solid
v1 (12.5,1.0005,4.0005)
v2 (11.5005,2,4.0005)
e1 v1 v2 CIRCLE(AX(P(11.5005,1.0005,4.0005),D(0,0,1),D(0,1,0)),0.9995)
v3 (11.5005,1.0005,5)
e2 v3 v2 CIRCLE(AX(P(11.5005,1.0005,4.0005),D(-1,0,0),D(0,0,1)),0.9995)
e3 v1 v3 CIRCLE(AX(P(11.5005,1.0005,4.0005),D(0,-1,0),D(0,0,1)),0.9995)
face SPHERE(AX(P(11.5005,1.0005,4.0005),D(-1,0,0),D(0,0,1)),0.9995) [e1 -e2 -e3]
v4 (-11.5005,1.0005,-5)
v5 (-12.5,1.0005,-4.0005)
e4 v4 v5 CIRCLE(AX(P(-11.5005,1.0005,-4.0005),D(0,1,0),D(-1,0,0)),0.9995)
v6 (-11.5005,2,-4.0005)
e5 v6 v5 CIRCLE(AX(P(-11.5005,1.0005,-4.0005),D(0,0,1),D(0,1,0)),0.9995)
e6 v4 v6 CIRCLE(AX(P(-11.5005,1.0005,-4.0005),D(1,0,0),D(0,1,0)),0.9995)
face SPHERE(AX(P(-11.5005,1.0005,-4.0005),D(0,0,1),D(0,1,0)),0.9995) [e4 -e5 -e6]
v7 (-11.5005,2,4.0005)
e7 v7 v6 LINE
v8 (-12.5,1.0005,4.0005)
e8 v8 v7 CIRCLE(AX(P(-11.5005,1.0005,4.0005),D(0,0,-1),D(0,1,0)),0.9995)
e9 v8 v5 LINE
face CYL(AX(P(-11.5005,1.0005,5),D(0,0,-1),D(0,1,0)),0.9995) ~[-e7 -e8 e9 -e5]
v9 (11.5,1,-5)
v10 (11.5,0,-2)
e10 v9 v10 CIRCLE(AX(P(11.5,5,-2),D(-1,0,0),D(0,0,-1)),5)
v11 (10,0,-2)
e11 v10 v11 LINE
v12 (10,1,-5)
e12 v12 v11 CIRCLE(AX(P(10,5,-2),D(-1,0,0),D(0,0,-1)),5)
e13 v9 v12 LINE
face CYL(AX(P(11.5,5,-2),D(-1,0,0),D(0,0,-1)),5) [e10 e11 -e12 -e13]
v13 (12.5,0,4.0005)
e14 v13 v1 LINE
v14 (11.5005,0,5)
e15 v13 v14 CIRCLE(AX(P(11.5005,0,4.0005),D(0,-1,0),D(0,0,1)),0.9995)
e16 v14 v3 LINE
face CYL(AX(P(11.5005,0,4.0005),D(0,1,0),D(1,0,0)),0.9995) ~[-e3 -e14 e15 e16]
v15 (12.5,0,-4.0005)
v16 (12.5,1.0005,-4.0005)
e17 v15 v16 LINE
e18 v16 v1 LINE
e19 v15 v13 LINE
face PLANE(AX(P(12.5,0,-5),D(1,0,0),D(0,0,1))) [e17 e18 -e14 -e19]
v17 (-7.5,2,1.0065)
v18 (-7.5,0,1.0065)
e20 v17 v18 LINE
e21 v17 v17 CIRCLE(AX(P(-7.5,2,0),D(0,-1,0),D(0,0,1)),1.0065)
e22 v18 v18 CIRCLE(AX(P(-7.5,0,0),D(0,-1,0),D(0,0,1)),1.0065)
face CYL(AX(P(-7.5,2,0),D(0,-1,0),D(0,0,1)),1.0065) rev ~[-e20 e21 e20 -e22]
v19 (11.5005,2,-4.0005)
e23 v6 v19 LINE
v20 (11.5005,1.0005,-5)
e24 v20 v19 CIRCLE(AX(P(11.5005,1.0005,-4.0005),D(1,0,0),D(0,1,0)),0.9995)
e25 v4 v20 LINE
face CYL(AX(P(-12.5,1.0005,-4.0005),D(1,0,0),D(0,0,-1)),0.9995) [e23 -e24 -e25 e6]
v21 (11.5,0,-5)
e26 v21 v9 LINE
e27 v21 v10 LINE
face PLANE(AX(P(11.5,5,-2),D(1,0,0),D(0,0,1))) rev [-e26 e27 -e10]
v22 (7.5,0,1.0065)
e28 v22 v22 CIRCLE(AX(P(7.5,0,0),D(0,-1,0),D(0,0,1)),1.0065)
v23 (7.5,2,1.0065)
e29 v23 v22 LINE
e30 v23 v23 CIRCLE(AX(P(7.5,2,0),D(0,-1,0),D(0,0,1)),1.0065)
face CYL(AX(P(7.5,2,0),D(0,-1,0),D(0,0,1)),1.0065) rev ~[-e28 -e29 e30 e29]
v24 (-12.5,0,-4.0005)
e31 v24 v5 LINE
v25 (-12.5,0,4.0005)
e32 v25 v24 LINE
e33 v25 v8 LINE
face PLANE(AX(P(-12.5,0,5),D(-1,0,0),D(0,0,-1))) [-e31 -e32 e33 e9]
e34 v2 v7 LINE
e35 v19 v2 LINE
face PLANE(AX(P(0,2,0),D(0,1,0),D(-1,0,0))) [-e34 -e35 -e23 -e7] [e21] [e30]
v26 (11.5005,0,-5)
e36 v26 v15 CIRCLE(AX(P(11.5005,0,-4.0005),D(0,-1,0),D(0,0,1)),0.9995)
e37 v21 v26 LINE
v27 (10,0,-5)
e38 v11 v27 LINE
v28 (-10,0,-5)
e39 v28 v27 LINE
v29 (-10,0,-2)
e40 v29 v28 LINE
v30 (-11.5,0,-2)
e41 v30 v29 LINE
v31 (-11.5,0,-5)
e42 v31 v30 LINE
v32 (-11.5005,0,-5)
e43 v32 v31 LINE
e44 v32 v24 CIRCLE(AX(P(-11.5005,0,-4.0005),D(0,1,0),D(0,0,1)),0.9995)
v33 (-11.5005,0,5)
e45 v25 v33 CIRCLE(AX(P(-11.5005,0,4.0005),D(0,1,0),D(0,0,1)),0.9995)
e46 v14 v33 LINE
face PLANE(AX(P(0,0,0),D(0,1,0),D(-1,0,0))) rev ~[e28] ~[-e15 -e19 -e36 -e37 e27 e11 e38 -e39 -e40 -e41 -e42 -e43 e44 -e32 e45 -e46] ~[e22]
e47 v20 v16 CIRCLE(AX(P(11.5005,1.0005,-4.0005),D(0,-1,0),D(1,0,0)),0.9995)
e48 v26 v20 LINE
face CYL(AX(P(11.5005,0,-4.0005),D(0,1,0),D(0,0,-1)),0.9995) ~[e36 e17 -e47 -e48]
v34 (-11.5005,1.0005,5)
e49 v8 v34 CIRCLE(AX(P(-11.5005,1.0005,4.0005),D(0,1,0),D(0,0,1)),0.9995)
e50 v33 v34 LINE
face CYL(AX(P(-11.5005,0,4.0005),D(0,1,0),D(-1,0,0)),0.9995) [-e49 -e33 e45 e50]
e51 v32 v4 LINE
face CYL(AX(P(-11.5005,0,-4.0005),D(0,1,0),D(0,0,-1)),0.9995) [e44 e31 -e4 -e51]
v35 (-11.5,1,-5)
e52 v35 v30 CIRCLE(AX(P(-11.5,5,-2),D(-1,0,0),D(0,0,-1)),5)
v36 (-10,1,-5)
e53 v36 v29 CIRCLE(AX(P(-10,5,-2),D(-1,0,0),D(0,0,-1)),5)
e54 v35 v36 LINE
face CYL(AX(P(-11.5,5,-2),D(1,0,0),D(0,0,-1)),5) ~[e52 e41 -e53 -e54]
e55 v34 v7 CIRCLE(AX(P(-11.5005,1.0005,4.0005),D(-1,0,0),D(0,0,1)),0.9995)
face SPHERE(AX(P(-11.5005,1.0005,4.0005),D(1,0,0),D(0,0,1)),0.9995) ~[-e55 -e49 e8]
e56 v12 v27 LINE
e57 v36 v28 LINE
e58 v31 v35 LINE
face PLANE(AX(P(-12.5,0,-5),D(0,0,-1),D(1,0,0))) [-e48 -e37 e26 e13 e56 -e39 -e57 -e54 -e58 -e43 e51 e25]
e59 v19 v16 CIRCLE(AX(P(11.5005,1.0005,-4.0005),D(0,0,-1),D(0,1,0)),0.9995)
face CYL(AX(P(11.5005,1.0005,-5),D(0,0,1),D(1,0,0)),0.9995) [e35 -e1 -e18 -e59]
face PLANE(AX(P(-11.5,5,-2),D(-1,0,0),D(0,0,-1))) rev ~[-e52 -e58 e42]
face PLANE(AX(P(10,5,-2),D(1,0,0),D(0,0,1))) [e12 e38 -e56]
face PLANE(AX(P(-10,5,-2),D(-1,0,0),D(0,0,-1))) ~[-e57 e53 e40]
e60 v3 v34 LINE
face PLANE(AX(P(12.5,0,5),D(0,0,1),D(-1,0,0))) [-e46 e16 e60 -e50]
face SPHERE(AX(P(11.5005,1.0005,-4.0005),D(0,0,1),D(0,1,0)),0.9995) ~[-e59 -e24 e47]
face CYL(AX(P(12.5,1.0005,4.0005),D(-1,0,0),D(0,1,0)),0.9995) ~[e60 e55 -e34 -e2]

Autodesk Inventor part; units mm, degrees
ref_plane "YZ Plane" through (0, 0, 0) normal (1, 0, 0) x (0, 1, 0)
ref_plane "XZ Plane" through (0, 0, 0) normal (0, 1, 0) x (-1, 0, 0)
sketch "Sketch1" plane through (0, 0, 0) normal (0, 1, 0) x (-1, 0, 0)
  line L0 (12.5, -5) -> (-12.5, -5)
  line L1 (-12.5, -5) -> (-12.5, 5)
  line L2 (-12.5, 5) -> (12.5, 5)
  line L3 (12.5, 5) -> (12.5, -5)
  point P0 (0, 0)
  point P1 (12.5, 0)
  point P2 (0, -5)
  dimension "d0" = 10
  dimension "d2" = 25
extrude "Extrusion1" add sketch "Sketch1" along normal blind 2
sketch "Sketch2" plane through (0, 2, 0) normal (0, 1, 0) x (1, 0, 0)
  line L0 (12.5, 5) -> (-12.5, 5) projected
  line L1 (-12.5, 5) -> (-12.5, -5) projected
  line L2 (-12.5, -5) -> (12.5, -5) projected
  line L3 (0, 5) -> (0, -5) construction
  point P0 (0, 0)
  point P1 (-7.5, 0)
  point P2 (7.5, 0)
  point P3 (0, 0)
  dimension "d5" = 5
hole "Hole1" at (-7.5, 2, 0) at (7.5, 2, 0) direction (0, -1, 0) diameter 2.013 end through all thread size "M2.5x0.45" class "6H" standard "ISO Metric profile"
ref_plane "Work Plane1" through (0, 5, 0) normal (0, -1, 0) x (1, 0, 0)
sketch "Sketch4" plane through (0, 5, 0) normal (0, -1, 0) x (1, 0, 0)
  line L0 (-11.5, -7) -> (-10, -7) construction
  line L1 (-10, -7) -> (-10, -2) construction
  line L2 (-10, -2) -> (-11.5, -2) construction
  line L3 (-11.5, -2) -> (-11.5, -7) construction
  line L4 (-11.5, -7) -> (-10, -7)
  line L5 (-10, -7) -> (-10, -12)
  line L6 (-10, -12) -> (-11.5, -12)
  line L7 (-11.5, -12) -> (-11.5, -7)
  line L8 (12.5, -5) -> (-12.5, -5) projected
  line L9 (-12.5, -5) -> (-12.5, 5) projected
  line L10 (-12.5, -2) -> (-10, -2)
  point P0 (0, 0)
  dimension "d15" = 3
  dimension "d16" = 5
  dimension "d17" = 5
  dimension "d18" = 1.5
  dimension "d19" = 1
revolve "Revolution1" cut sketch "Sketch4" angle 90 about axis through (-12.5, 5, -2) along (-1, 0, 0)
fillet "Fillet1" radius 1 8 edges at (0, 2, 5) (12.5, 1, 5) (-12.5, 1, 5) (12.5, 2, 0) (-12.5, 2, 0) (0, 2, -5) (-12.5, 1, -5) (12.5, 1, -5)
mirror "Mirror1" about plane through (0, 0, 0) normal (1, 0, 0) of "Revolution1"
properties part number "CableHolder02"
